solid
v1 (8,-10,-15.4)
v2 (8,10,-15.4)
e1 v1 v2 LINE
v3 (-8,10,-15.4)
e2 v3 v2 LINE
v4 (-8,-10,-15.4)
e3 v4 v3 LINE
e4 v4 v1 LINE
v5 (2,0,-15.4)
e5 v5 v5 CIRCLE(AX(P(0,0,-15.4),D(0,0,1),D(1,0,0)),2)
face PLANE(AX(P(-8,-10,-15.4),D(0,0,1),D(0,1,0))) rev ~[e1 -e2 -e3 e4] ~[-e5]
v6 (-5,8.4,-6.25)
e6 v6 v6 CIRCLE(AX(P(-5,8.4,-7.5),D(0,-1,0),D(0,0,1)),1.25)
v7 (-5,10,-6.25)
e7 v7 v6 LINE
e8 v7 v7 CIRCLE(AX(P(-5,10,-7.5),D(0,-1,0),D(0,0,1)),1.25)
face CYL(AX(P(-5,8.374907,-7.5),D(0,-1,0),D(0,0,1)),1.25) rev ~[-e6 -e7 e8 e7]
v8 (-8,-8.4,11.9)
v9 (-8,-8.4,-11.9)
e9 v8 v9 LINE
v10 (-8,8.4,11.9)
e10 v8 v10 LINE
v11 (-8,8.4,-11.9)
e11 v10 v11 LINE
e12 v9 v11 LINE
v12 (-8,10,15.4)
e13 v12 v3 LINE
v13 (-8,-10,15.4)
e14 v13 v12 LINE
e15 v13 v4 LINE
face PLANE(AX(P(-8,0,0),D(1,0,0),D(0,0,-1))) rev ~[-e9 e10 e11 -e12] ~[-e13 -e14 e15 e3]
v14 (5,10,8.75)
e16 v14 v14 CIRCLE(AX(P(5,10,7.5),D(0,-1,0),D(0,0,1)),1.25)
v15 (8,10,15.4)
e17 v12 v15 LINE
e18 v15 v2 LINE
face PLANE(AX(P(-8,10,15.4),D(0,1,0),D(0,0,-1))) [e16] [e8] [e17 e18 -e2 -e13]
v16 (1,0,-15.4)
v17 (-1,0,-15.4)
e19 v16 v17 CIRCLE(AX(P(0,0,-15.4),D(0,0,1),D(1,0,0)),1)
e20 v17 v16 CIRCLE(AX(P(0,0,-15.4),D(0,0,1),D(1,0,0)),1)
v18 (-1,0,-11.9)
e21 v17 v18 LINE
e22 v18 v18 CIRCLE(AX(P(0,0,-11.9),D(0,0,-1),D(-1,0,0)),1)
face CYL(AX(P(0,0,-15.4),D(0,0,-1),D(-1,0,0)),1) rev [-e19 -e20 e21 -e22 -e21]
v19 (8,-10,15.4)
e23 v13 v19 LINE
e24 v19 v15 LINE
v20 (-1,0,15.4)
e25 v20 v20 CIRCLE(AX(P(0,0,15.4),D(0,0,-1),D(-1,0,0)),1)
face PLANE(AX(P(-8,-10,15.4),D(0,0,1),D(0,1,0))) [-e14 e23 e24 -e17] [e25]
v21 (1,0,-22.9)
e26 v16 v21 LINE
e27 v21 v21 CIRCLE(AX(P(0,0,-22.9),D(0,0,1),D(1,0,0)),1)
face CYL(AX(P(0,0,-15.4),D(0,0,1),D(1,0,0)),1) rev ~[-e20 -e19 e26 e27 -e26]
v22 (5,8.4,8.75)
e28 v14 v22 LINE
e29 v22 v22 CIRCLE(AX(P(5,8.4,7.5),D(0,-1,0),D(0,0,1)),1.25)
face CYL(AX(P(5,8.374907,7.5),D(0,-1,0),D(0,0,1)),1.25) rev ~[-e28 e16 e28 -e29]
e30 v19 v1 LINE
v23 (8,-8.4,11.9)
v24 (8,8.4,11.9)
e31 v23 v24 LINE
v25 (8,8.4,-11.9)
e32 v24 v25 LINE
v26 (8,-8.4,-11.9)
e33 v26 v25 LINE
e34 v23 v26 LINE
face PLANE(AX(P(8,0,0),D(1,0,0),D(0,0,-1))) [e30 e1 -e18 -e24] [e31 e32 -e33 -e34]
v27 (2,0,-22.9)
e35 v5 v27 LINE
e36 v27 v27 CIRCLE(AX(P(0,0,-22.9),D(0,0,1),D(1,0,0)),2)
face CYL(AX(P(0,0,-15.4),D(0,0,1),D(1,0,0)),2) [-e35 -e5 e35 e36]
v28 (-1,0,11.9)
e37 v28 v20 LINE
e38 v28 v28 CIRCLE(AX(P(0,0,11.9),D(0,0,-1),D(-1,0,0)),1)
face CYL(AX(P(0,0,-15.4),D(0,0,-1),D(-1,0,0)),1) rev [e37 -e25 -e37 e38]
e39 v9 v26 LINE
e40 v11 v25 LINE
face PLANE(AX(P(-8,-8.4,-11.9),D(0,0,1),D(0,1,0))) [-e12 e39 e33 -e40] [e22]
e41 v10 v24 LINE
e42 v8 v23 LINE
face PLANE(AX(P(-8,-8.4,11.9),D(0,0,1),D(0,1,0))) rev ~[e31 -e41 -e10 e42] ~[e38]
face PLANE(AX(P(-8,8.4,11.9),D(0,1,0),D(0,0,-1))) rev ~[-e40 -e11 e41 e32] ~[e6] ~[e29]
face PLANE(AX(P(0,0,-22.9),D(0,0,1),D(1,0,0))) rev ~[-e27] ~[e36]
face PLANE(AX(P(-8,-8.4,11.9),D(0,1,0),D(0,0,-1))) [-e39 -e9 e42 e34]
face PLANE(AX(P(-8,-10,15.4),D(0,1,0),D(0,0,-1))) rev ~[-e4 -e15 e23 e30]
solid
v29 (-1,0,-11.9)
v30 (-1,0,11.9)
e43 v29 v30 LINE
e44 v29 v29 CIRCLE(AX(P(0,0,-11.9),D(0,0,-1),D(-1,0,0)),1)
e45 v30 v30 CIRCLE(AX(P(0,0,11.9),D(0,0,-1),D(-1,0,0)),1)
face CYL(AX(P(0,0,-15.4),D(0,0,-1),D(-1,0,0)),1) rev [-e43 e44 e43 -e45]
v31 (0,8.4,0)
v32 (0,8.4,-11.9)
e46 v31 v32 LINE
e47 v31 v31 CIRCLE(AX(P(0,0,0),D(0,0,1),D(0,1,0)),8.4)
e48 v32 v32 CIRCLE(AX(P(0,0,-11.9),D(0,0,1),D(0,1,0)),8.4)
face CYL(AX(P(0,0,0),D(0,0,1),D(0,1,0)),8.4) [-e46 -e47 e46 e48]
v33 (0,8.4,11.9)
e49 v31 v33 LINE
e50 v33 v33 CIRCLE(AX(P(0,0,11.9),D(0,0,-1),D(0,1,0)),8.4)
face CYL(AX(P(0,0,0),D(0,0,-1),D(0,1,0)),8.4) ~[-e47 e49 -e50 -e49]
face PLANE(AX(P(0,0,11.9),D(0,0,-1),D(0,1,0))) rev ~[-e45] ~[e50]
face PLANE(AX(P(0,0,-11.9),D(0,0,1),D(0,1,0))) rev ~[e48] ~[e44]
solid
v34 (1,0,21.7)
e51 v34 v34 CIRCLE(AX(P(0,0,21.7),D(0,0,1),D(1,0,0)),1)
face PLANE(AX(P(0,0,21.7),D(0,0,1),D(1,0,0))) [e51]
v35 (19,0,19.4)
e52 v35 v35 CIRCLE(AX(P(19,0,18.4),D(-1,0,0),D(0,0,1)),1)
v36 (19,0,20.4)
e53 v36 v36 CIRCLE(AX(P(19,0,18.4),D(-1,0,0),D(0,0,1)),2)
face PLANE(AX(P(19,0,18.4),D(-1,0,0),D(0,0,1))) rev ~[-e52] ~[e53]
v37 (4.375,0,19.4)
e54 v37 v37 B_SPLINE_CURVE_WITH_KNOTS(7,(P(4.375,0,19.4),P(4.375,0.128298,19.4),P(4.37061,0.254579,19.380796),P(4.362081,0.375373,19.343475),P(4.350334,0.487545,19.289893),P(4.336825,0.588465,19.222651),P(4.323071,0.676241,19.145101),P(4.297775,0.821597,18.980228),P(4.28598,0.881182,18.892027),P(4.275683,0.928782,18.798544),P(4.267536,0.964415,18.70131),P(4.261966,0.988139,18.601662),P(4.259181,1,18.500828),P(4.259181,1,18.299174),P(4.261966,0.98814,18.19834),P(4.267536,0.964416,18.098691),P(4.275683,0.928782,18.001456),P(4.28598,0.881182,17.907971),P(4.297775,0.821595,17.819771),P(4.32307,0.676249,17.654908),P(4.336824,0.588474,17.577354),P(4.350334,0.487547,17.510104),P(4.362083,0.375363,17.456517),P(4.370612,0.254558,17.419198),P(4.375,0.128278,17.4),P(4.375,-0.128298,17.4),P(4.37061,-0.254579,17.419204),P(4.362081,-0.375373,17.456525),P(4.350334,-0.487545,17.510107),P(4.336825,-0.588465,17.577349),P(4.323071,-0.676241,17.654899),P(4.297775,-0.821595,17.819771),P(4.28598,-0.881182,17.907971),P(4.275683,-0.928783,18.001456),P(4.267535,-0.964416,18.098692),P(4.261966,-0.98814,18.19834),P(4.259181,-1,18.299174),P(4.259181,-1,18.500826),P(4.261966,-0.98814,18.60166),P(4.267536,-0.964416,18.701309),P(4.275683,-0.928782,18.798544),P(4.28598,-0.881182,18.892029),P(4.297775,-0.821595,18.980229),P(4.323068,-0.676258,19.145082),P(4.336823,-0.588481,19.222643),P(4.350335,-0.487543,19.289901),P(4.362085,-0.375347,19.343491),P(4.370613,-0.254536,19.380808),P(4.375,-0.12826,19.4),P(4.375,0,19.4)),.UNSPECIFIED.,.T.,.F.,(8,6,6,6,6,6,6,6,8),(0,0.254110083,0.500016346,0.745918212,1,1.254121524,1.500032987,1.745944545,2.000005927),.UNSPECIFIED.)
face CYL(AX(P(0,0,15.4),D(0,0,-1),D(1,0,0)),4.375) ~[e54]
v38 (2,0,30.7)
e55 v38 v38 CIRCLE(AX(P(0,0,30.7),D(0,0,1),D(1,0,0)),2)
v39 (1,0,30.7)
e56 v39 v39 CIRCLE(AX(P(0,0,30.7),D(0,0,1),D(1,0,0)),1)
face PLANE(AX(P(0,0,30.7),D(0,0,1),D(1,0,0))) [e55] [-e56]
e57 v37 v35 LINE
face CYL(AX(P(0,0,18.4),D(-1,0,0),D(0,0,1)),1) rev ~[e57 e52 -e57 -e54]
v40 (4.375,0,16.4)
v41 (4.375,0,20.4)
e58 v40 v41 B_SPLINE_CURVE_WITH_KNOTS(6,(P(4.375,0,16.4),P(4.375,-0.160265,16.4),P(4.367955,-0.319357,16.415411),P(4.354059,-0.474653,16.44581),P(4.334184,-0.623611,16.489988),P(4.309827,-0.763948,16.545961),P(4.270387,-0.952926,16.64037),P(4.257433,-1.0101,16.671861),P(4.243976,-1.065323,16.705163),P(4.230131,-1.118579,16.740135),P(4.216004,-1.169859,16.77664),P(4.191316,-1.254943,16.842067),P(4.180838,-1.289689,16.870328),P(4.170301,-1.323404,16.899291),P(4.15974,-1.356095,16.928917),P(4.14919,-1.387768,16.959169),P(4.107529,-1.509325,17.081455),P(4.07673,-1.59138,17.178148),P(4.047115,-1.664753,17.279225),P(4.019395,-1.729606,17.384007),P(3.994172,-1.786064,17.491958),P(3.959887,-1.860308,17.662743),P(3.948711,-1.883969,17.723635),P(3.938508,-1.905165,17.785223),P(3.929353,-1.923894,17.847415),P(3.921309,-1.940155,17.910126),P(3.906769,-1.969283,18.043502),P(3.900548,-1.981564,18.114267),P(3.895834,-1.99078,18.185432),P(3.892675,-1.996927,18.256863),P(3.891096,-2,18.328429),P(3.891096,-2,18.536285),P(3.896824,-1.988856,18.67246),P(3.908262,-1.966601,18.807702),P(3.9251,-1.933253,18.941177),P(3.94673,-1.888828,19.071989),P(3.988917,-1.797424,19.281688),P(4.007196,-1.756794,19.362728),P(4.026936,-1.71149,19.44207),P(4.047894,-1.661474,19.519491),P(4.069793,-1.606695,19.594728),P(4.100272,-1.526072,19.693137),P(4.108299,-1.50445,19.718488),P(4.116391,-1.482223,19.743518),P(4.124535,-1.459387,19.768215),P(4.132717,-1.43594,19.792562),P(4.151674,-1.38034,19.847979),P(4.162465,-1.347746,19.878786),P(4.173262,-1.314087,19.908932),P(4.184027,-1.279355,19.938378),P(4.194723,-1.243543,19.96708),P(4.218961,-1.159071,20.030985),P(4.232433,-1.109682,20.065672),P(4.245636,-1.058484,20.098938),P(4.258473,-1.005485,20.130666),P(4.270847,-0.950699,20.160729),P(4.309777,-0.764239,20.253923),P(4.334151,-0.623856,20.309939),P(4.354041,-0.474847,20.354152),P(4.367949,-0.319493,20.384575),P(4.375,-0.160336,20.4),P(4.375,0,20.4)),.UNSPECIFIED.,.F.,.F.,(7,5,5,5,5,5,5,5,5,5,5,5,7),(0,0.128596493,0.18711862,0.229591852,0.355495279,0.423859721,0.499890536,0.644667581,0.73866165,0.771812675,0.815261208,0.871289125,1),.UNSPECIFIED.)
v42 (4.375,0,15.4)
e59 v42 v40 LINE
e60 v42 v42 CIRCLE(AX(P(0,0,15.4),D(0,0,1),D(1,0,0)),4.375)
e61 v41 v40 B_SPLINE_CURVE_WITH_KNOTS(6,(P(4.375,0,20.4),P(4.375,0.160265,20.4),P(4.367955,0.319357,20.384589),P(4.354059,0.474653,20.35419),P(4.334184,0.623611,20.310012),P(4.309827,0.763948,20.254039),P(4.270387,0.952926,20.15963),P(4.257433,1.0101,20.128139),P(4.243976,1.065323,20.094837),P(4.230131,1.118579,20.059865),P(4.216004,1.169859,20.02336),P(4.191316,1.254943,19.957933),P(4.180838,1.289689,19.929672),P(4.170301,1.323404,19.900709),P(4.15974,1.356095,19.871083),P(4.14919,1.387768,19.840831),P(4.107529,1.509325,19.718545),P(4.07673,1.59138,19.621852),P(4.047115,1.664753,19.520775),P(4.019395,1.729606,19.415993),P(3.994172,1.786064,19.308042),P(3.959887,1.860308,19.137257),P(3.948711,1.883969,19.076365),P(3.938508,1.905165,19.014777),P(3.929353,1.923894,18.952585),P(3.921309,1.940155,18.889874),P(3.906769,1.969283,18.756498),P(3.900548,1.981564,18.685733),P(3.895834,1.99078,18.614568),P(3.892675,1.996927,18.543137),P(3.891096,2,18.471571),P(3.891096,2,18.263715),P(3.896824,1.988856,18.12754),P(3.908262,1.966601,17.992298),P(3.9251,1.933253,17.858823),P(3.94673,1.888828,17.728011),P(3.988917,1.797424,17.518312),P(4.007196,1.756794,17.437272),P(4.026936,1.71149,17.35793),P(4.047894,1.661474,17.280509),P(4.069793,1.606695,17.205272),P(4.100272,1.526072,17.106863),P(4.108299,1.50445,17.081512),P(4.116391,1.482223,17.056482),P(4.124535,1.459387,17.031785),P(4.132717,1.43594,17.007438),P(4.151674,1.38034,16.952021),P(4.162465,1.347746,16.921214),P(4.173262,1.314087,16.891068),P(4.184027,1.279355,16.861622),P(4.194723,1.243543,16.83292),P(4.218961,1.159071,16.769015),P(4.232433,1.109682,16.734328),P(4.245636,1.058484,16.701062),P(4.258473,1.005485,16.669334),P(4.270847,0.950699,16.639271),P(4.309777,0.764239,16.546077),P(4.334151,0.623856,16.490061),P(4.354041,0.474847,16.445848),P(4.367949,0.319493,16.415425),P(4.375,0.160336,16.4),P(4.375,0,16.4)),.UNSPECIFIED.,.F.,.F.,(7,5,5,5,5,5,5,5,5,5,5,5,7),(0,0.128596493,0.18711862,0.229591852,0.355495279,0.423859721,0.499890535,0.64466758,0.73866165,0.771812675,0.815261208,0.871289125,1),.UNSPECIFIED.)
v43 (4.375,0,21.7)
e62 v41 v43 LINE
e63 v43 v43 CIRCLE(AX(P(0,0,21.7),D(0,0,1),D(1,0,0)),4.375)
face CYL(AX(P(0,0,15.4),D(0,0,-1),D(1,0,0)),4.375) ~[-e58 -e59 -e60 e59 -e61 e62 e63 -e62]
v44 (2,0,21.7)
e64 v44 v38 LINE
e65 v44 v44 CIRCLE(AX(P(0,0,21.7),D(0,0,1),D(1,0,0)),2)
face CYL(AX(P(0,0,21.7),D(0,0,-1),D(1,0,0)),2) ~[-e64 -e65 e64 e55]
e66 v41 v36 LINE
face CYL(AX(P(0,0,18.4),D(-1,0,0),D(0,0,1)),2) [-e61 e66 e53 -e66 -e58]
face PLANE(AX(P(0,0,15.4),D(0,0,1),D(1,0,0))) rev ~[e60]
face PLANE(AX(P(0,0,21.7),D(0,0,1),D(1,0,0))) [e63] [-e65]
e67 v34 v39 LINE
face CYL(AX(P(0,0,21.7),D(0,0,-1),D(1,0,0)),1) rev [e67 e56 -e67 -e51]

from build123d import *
from build123d.topology import SkipClean

# Parameters (mm, degrees)
FRAME_EXTRUDE_DEPTH                     = 8
FRAME_EXTRUDE_DEPTH_BACK                = 8
FRAME_SKETCH_W                          = 30.8
FRAME_SKETCH_H                          = 20
FRAME_SKETCH_W_2                        = 23.8
FRAME_SKETCH_H_2                        = 16.8
ELECTROMAGNET_EXTRUDE_REACH             = 22.029
ELECTROMAGNET_SKETCH_R                  = 8.4
ELECTROMAGNET_EXTRUDE_DIRECTION_2_REACH = 22.029
PORT_3_SKETCH_R                         = 2
PORT_3_SKETCH_R_2                       = 1
PORT_3_EXTRUDE_DEPTH                    = 7.5
PORT_3_SKETCH_3_R                       = 1
CENTER_HOLE_CUT_DEPTH                   = 34.45444664
BASE_OF_PORTS_1_2_SKETCH_R              = 4.375
BASE_OF_PORT_1_2_PORTS_DEPTH            = 6.3
PORT_2_SKETCH_R                         = 2
PORT_2_SKETCH_R_2                       = 1
PORT_2_EXTRUDE_DEPTH                    = 9
PORTS_1_SKETCH_R                        = 2
PORTS_1_SKETCH_R_2                      = 1
PORTS_1_EXTRUDE_DEPTH                   = 19
MOUNTING_HOLES_PROFILE_SKETCH_W         = 1.25
MOUNTING_HOLES_PROFILE_SKETCH_H         = 3.250185188
MOUNTING_HOLES_AT_2_COUNT               = 2
MOUNTING_HOLES_AT_2_PITCH               = 18.027756377


with BuildPart() as part:
    # Frame Sketch → Frame Extrude (new, two sides: drawn at the far end of the back side and taken through both)
    with BuildSketch(Plane(origin=(0, 0, 0), x_dir=(0, 0, -1), z_dir=(1, 0, 0)).offset(-FRAME_EXTRUDE_DEPTH_BACK)):
        Rectangle(FRAME_SKETCH_W, FRAME_SKETCH_H)
        Rectangle(FRAME_SKETCH_W_2, FRAME_SKETCH_H_2, mode=Mode.SUBTRACT)
    extrude(amount=FRAME_EXTRUDE_DEPTH + FRAME_EXTRUDE_DEPTH_BACK)


with BuildPart() as body_2:

    # Electromagnet Extrude: up to this face of the body (flat: up to its plane)
    electromagnet_extrude_end = Plane(part.part.faces().sort_by_distance((0, 0, 11.9))[0])
    # Electromagnet Sketch → Electromagnet Extrude (new, up to the picked face)
    with BuildSketch(Plane.XY, mode=Mode.PRIVATE) as electromagnet_extrude_sk1:
        with Locations(Location((0, 0, 0), (0, 0, 90))):
            Circle(ELECTROMAGNET_SKETCH_R)
    electromagnet_extrude_tool1 = split(extrude(electromagnet_extrude_sk1.sketch, amount=ELECTROMAGNET_EXTRUDE_REACH, mode=Mode.PRIVATE), bisect_by=electromagnet_extrude_end, keep=Keep.BOTH, mode=Mode.PRIVATE)
    add(electromagnet_extrude_tool1.solids().sort_by(Axis((0, 0, 0), (0, 0, 1)))[0])


    # Electromagnet Extrude direction 2: up to this face of the body (flat: up to its plane)
    electromagnet_extrude_direction_2_end = Plane(part.part.faces().sort_by_distance((0, 0, -11.9))[0])
    # Electromagnet Sketch → Electromagnet Extrude direction 2 (add, up to the picked face)
    with BuildSketch(Plane.XY, mode=Mode.PRIVATE) as electromagnet_extrude_direction_2_sk1:
        with Locations(Location((0, 0, 0), (0, 0, 90))):
            Circle(ELECTROMAGNET_SKETCH_R)
    electromagnet_extrude_direction_2_tool1 = split(extrude(electromagnet_extrude_direction_2_sk1.sketch, amount=-ELECTROMAGNET_EXTRUDE_DIRECTION_2_REACH, mode=Mode.PRIVATE), bisect_by=electromagnet_extrude_direction_2_end, keep=Keep.BOTH, mode=Mode.PRIVATE)
    add(electromagnet_extrude_direction_2_tool1.solids().sort_by(Axis((0, 0, 0), (0, 0, -1)))[0])


with BuildPart() as part_1:
    add(part.part)

    # Port 3 Sketch → Port 3 Extrude (add)
    with BuildSketch(Plane.XY.offset(-15.4)):
        Circle(PORT_3_SKETCH_R)
        Circle(PORT_3_SKETCH_R_2, mode=Mode.SUBTRACT)
    extrude(amount=-PORT_3_EXTRUDE_DEPTH)


with BuildPart() as center_hole_cut_tool:
    # Port 3 Sketch<3> → Center Hole Cut (new, through all)
    with SkipClean():  # the faces are left unmerged after this step: merging them gives an invalid solid
        with BuildSketch(Plane.XY.offset(-15.4)):
            with Locations(Location((0, 0, 0), (0, 0, 180))):
                Circle(PORT_3_SKETCH_3_R)
        extrude(amount=CENTER_HOLE_CUT_DEPTH)


with BuildPart() as part_2:
    with SkipClean():  # the faces are left unmerged after this step: merging them gives an invalid solid
        add(part_1.part)

        # Center Hole Cut: cut by center_hole_cut_tool
        add(center_hole_cut_tool.part, mode=Mode.SUBTRACT)

    # Mounting Holes Profile Sketch → Mounting Holes (revolve, cut)
    with SkipClean():  # the faces are left unmerged after this step: merging them gives an invalid solid
        with BuildSketch(Plane(origin=(5, 10, 7.5), x_dir=(0, 0, 1), z_dir=(1, 0, 0))):
            with Locations((0.625, 1.625092594)):
                Rectangle(MOUNTING_HOLES_PROFILE_SKETCH_W, MOUNTING_HOLES_PROFILE_SKETCH_H)
        mounting_holes = revolve(axis=Axis((5, 16.35, 7.5), (0, -1, 0)), mode=Mode.SUBTRACT)

    # Mounting Holes at 2: Mounting Holes ×2
    with SkipClean():  # the faces are left unmerged after this step: merging them gives an invalid solid
        with Locations(*[Vector(-0.5547001962252294, 0, -0.8320502943378435) * (i * MOUNTING_HOLES_AT_2_PITCH) for i in range(1, MOUNTING_HOLES_AT_2_COUNT)]):
            add(mounting_holes, mode=Mode.SUBTRACT)


with BuildPart() as body_2_1:
    with SkipClean():  # the faces are left unmerged after this step: merging them gives an invalid solid
        add(body_2.part)

        # Center Hole Cut: cut by center_hole_cut_tool
        add(center_hole_cut_tool.part, mode=Mode.SUBTRACT)


with BuildPart() as body_3:
    # Base of Ports 1&2 Sketch → Base of Port 1&2 Ports (new body)
    with BuildSketch(Plane.XY.offset(15.4)):
        Circle(BASE_OF_PORTS_1_2_SKETCH_R)
    extrude(amount=BASE_OF_PORT_1_2_PORTS_DEPTH)

    # Port 2 Sketch → Port 2 Extrude (add)
    with BuildSketch(Plane.XY.offset(21.7)):
        Circle(PORT_2_SKETCH_R)
        Circle(PORT_2_SKETCH_R_2, mode=Mode.SUBTRACT)
    extrude(amount=PORT_2_EXTRUDE_DEPTH)

    # Ports 1 Sketch → Ports 1 Extrude (add)
    with BuildSketch(Plane(origin=(0, 2.609545443, 0), x_dir=(0, 0, -1), z_dir=(-1, 0, 0))):
        with Locations(Location((-18.4, 2.609545443, 0), (0, 0, 180))):
            Circle(PORTS_1_SKETCH_R)
        with Locations(Location((-18.4, 2.609545443, 0), (0, 0, 180))):
            Circle(PORTS_1_SKETCH_R_2, mode=Mode.SUBTRACT)
    extrude(amount=-PORTS_1_EXTRUDE_DEPTH)


solid = Compound([part_2.part, body_2_1.part, body_3.part])
